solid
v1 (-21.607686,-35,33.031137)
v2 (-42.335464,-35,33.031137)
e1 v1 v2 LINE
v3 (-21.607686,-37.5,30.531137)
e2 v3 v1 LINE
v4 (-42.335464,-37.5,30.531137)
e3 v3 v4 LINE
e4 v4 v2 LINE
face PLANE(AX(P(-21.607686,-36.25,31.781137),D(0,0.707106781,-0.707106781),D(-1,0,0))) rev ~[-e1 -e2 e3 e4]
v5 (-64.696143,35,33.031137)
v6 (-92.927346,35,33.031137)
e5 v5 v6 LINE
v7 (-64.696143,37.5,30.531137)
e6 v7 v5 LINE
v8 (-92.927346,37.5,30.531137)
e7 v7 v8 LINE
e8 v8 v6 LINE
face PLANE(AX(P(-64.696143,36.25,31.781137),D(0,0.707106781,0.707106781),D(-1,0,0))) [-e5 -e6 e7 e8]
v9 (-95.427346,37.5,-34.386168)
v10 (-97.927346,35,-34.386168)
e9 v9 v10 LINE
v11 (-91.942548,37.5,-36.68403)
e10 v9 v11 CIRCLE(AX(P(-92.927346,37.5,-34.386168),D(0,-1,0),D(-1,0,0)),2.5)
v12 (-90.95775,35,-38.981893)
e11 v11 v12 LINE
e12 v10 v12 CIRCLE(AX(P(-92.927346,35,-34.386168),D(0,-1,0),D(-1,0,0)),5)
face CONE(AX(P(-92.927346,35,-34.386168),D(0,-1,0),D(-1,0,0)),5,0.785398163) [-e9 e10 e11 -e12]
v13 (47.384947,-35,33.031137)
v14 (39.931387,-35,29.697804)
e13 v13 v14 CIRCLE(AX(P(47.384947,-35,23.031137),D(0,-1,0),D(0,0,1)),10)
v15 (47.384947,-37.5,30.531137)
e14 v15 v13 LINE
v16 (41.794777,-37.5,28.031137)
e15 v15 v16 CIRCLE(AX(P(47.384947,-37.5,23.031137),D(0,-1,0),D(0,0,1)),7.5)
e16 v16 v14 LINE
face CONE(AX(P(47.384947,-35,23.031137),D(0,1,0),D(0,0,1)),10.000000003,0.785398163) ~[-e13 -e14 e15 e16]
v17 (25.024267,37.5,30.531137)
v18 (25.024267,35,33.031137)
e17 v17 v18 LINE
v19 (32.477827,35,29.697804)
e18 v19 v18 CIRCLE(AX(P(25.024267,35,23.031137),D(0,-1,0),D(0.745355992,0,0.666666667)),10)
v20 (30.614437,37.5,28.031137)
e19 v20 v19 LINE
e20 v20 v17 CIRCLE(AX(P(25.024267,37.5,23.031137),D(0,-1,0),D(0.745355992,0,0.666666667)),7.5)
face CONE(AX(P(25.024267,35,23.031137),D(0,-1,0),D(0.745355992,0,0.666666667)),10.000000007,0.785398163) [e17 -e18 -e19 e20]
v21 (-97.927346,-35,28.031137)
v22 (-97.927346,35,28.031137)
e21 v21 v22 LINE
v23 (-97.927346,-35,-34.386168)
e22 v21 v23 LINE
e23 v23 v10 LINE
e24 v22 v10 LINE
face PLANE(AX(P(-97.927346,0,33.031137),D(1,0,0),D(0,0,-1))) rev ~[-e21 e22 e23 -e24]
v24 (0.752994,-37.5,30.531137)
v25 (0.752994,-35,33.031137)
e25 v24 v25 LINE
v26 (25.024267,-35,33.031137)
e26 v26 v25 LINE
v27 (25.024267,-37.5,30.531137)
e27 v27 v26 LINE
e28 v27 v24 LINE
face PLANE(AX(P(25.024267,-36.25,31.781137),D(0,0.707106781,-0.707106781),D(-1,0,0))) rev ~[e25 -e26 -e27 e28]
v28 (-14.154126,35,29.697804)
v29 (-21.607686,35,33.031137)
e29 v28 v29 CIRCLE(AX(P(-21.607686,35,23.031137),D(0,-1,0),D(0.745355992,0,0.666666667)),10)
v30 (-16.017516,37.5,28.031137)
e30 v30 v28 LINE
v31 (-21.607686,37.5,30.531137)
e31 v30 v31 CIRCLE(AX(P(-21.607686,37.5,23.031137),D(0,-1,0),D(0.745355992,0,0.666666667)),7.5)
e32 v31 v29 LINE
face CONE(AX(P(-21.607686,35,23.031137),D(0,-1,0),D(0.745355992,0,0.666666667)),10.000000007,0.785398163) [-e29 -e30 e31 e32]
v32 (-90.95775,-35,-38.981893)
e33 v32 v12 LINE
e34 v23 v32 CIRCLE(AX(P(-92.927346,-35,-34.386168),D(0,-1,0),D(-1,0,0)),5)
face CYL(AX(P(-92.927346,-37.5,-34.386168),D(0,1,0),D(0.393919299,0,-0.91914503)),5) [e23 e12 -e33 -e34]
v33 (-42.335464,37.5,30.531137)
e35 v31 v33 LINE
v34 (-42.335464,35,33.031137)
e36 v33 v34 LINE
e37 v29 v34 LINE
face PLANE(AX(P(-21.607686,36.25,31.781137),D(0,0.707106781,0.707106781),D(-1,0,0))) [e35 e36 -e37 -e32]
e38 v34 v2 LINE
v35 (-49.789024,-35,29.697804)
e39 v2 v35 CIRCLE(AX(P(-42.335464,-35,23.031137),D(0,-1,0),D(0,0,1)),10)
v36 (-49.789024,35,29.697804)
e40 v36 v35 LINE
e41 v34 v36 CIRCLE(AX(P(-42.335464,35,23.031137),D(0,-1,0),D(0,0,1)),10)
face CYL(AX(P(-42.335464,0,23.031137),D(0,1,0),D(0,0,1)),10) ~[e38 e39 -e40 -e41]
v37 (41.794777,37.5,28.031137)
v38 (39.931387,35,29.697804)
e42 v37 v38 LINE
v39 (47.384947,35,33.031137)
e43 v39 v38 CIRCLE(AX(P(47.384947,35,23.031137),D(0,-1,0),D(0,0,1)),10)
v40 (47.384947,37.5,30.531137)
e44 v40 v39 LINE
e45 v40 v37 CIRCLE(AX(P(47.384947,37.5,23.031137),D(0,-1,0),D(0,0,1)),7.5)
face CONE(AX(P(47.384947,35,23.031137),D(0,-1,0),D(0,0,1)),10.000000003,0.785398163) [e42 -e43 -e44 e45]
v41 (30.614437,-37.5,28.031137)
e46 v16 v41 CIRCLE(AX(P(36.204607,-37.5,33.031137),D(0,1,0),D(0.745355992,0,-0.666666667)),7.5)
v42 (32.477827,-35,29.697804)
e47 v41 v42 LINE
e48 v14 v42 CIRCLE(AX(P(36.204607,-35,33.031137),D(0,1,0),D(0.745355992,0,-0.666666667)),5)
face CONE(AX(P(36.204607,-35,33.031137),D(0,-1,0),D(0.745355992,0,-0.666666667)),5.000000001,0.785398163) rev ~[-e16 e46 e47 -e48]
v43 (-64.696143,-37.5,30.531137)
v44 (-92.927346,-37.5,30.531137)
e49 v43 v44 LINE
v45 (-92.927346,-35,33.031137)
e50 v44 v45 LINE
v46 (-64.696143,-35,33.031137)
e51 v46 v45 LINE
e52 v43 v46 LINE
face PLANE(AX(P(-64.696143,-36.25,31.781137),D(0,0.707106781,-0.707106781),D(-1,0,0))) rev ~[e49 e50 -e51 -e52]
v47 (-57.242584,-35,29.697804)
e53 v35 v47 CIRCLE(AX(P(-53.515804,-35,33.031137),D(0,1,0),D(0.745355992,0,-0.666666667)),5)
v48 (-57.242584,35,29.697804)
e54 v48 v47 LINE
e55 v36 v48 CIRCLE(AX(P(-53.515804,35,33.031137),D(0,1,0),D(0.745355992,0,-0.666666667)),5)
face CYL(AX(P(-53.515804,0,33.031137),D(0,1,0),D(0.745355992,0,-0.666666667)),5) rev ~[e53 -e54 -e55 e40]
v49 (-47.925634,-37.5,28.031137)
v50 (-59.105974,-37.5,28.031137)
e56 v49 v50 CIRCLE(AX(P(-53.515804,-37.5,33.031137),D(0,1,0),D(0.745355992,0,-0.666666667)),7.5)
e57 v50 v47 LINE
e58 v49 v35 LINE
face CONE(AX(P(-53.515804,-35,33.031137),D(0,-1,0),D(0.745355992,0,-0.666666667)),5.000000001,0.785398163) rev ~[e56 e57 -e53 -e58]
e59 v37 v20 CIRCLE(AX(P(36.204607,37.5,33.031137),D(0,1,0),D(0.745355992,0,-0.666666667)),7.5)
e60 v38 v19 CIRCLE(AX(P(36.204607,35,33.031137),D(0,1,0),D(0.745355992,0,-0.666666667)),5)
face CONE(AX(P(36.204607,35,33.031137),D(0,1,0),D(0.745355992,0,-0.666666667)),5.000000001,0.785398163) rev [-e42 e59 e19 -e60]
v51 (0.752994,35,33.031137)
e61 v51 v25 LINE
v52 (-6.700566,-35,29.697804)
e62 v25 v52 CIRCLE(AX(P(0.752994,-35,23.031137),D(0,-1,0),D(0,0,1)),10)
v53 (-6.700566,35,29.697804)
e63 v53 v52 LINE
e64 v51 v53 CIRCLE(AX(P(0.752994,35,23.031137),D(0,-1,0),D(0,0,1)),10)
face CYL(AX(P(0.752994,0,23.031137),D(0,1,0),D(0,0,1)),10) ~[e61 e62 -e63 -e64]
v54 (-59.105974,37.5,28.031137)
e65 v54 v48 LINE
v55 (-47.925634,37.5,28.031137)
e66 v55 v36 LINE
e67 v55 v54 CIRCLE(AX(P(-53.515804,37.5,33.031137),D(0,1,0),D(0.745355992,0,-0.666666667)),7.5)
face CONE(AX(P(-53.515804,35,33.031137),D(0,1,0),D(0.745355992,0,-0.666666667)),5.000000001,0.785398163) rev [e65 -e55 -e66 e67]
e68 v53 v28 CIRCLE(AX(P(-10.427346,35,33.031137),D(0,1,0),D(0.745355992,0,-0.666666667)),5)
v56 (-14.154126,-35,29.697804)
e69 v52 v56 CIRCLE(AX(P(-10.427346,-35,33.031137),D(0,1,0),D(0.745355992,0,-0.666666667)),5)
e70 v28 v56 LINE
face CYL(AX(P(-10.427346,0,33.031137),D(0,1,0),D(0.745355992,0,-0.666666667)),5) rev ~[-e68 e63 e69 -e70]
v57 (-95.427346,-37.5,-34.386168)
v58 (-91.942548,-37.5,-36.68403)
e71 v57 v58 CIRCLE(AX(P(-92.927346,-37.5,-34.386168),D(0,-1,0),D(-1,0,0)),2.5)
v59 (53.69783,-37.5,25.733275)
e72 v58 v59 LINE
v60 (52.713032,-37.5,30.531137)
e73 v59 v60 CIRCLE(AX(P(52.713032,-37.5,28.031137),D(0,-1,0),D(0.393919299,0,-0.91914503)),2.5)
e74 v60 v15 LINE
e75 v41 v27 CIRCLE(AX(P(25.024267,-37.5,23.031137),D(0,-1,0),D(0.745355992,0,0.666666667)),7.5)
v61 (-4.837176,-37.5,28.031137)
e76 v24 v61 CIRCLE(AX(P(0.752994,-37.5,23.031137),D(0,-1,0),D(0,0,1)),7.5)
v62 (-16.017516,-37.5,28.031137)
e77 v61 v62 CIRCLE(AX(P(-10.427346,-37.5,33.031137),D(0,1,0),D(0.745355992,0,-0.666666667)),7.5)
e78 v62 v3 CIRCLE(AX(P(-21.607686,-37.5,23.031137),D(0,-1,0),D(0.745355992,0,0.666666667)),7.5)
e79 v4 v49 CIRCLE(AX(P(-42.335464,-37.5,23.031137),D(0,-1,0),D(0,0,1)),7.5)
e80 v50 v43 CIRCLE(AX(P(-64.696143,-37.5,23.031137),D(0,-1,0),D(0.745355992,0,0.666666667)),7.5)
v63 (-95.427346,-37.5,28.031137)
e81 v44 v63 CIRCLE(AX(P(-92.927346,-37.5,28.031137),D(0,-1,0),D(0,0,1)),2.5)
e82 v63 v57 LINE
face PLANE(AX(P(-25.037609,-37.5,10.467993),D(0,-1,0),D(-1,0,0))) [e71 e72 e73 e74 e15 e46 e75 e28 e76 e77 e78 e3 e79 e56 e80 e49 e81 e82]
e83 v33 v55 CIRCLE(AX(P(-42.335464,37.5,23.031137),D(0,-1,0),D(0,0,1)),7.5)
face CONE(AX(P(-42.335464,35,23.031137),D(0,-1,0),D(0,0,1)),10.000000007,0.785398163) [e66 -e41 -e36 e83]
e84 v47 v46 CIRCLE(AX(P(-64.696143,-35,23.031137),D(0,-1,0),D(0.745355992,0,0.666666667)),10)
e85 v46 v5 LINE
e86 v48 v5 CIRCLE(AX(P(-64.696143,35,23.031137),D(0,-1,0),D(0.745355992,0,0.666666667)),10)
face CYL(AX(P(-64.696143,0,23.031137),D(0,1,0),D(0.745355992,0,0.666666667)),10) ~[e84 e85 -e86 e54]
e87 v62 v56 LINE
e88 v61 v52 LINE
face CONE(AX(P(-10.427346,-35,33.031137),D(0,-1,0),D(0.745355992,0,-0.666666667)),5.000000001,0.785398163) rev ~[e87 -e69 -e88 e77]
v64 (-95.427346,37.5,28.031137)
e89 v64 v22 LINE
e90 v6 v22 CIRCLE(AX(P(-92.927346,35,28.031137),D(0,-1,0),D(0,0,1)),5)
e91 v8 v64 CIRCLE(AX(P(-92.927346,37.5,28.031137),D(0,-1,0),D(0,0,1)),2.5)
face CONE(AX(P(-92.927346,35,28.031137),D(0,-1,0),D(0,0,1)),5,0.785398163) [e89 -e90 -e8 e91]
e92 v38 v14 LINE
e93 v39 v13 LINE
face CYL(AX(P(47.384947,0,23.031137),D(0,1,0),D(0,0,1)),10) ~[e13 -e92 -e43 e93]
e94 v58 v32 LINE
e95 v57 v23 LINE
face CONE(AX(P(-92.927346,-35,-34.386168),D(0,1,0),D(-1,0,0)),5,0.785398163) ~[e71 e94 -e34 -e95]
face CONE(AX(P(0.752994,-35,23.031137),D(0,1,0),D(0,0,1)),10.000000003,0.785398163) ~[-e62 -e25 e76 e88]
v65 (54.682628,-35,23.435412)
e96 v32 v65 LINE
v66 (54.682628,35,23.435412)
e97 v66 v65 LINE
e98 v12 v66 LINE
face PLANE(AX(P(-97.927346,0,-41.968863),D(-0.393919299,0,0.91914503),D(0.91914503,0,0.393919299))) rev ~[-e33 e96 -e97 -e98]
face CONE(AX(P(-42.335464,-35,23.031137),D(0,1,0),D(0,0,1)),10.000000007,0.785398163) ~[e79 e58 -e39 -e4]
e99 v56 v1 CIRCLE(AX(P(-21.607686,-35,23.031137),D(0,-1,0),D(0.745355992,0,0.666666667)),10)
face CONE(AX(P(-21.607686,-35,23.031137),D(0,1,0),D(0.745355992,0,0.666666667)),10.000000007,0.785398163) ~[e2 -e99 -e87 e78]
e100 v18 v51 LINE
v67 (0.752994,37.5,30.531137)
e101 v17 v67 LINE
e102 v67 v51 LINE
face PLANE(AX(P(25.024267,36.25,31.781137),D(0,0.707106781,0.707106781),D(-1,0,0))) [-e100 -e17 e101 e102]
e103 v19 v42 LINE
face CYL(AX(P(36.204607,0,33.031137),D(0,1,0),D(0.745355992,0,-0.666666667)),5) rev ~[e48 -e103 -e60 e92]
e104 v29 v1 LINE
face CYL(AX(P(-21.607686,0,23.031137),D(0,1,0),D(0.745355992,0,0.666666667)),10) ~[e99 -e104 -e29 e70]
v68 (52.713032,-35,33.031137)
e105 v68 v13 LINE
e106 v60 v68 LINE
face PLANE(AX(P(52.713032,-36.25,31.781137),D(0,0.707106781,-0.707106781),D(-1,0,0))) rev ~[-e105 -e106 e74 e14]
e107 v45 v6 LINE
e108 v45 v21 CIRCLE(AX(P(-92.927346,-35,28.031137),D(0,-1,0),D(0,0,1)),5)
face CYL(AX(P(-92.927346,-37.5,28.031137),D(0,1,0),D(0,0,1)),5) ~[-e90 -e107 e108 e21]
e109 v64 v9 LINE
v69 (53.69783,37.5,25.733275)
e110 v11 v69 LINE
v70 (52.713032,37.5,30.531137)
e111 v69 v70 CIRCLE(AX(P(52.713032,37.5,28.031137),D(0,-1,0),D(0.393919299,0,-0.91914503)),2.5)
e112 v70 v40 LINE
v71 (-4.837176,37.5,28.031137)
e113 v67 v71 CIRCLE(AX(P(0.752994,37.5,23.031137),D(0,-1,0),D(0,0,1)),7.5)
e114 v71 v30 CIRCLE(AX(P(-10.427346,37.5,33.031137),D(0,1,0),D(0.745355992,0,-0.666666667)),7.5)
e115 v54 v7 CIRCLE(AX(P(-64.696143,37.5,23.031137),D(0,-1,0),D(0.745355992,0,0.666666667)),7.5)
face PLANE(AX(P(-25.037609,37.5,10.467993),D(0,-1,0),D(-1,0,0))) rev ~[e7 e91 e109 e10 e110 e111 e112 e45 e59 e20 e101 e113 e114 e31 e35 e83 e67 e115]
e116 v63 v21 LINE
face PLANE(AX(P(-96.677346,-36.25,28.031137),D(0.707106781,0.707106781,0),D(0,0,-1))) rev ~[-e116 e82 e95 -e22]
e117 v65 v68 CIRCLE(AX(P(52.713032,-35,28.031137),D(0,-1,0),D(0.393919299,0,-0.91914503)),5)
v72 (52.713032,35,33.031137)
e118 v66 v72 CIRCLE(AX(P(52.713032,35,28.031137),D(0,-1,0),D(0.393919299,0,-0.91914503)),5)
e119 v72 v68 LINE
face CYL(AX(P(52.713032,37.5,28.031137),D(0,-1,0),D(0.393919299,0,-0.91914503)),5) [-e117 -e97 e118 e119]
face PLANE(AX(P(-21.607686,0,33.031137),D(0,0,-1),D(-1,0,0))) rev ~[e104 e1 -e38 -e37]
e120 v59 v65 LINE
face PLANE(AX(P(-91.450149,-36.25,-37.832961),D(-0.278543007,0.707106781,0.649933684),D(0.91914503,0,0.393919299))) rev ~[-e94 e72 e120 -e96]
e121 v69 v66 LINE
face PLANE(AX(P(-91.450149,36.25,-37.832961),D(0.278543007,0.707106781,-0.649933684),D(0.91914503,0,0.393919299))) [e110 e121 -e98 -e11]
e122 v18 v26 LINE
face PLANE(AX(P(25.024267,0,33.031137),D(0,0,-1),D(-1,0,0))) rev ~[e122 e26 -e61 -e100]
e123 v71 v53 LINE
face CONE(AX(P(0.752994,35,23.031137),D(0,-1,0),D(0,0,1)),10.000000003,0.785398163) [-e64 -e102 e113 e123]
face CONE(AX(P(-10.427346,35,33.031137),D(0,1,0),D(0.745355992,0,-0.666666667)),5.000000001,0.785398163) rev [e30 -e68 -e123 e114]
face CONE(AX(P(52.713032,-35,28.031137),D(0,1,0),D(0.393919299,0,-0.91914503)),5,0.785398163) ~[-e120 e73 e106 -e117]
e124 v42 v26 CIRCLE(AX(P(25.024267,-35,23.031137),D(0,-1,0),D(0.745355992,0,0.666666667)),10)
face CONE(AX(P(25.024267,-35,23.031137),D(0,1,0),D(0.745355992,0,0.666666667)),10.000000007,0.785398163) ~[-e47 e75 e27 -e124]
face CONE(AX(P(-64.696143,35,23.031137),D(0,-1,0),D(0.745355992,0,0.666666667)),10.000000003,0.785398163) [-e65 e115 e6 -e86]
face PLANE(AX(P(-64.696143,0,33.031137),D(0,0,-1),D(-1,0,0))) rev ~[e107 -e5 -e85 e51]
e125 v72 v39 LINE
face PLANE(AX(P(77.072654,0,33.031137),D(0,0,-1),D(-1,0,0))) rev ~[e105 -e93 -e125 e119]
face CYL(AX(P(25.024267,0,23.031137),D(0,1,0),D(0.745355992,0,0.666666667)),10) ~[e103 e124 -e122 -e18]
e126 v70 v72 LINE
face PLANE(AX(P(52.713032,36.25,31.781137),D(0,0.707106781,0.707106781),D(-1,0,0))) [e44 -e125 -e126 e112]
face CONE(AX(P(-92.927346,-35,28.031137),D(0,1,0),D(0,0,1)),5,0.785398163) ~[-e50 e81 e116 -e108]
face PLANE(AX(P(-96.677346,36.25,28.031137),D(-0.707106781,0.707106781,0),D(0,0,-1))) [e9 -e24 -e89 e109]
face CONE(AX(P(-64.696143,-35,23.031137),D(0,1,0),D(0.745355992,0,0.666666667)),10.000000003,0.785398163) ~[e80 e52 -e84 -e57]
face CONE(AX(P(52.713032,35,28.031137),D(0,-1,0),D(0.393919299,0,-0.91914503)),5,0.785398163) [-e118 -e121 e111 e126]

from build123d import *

# Parameters (mm, degrees)
BOSS_EXTRUDE1_DEPTH = 37.5
FILLET1_R           = 5
CHAMFER1_SIZE       = 2.5


with BuildPart() as part:
    # Sketch1 → Boss-Extrude1 (new body, symmetric)
    with BuildSketch(Plane(origin=(0, 0, 0), x_dir=(1, 0, 0), z_dir=(0, 1, 0))):
        with BuildLine():
            Line((-97.927346189, 41.968862652), (77.072653811, -33.031137348))
            Line((77.072653811, -33.031137348), (47.38494666, -33.031137348))
            ThreePointArc((47.38494666, -33.031137348), (43.302463755, -32.159846639), (39.931386735, -29.697804014))
            ThreePointArc((39.931386735, -29.697804014), (36.204606772, -28.031137348), (32.47782681, -29.697804014))
            ThreePointArc((32.47782681, -29.697804014), (29.106749789, -32.159846639), (25.024266885, -33.031137348))
            Line((25.024266885, -33.031137348), (0.752993699, -33.031137348))
            ThreePointArc((0.752993699, -33.031137348), (-3.329489206, -32.159846639), (-6.700566226, -29.697804014))
            ThreePointArc((-6.700566226, -29.697804014), (-10.427346189, -28.031137348), (-14.154126151, -29.697804014))
            ThreePointArc((-14.154126151, -29.697804014), (-17.525203172, -32.159846639), (-21.607686076, -33.031137348))
            Line((-21.607686076, -33.031137348), (-42.33546369, -33.031137348))
            ThreePointArc((-42.33546369, -33.031137348), (-46.417946594, -32.159846639), (-49.789023615, -29.697804014))
            ThreePointArc((-49.789023615, -29.697804014), (-53.515803577, -28.031137348), (-57.24258354, -29.697804014))
            ThreePointArc((-57.24258354, -29.697804014), (-60.61366056, -32.159846639), (-64.696143465, -33.031137348))
            Line((-64.696143465, -33.031137348), (-97.927346189, -33.031137348))
            Line((-97.927346189, -33.031137348), (-97.927346189, 41.968862652))
        make_face()
    extrude(amount=BOSS_EXTRUDE1_DEPTH, both=True)

    # Fillet1
    fillet1_edges = [part.edges().sort_by_distance(p)[0] for p in [
        (-97.927346189, 0, 33.031137348),
        (-97.927346189, 0, -41.968862652),
        (77.072653811, 0, 33.031137348),
    ]]
    fillet(fillet1_edges, radius=FILLET1_R)

    # Chamfer1
    chamfer1_edges = [part.edges().sort_by_distance(p)[0] for p in [
        (43.302463755, -37.5, 32.159846639),
        (36.204606772, -37.5, 28.031137348),
        (29.106749789, -37.5, 32.159846639),
        (12.888630292, -37.5, 33.031137348),
        (-3.329489206, -37.5, 32.159846639),
        (-10.427346189, -37.5, 28.031137348),
        (-17.525203172, -37.5, 32.159846639),
        (-31.971574883, -37.5, 33.031137348),
        (-46.417946594, -37.5, 32.159846639),
        (-53.515803577, -37.5, 28.031137348),
        (-60.61366056, -37.5, 32.159846639),
        (50.048989314, -37.5, 33.031137348),
        (-60.61366056, 37.5, 32.159846639),
        (-53.515803577, 37.5, 28.031137348),
        (-46.417946594, 37.5, 32.159846639),
        (-31.971574883, 37.5, 33.031137348),
        (-17.525203172, 37.5, 32.159846639),
        (-10.427346189, 37.5, 28.031137348),
        (-18.137560617, -37.5, -7.773240265),
        (-18.137560617, 37.5, -7.773240265),
        (-3.329489206, 37.5, 32.159846639),
        (-78.811744827, -37.5, 33.031137348),
        (-97.927346189, -37.5, -3.177515114),
        (-95.679801232, -37.5, -38.560373038),
        (-96.462880095, -37.5, 31.566671254),
        (57.610920582, -37.5, 29.036466709),
        (-97.927346189, 37.5, -3.177515114),
        (12.888630292, 37.5, 33.031137348),
        (-78.811744827, 37.5, 33.031137348),
        (-95.679801232, 37.5, -38.560373038),
        (-96.462880095, 37.5, 31.566671254),
        (50.048989314, 37.5, 33.031137348),
        (57.610920582, 37.5, 29.036466709),
        (29.106749789, 37.5, 32.159846639),
        (36.204606772, 37.5, 28.031137348),
        (43.302463755, 37.5, 32.159846639),
    ]]
    chamfer(chamfer1_edges, length=CHAMFER1_SIZE)


solid = part.part
